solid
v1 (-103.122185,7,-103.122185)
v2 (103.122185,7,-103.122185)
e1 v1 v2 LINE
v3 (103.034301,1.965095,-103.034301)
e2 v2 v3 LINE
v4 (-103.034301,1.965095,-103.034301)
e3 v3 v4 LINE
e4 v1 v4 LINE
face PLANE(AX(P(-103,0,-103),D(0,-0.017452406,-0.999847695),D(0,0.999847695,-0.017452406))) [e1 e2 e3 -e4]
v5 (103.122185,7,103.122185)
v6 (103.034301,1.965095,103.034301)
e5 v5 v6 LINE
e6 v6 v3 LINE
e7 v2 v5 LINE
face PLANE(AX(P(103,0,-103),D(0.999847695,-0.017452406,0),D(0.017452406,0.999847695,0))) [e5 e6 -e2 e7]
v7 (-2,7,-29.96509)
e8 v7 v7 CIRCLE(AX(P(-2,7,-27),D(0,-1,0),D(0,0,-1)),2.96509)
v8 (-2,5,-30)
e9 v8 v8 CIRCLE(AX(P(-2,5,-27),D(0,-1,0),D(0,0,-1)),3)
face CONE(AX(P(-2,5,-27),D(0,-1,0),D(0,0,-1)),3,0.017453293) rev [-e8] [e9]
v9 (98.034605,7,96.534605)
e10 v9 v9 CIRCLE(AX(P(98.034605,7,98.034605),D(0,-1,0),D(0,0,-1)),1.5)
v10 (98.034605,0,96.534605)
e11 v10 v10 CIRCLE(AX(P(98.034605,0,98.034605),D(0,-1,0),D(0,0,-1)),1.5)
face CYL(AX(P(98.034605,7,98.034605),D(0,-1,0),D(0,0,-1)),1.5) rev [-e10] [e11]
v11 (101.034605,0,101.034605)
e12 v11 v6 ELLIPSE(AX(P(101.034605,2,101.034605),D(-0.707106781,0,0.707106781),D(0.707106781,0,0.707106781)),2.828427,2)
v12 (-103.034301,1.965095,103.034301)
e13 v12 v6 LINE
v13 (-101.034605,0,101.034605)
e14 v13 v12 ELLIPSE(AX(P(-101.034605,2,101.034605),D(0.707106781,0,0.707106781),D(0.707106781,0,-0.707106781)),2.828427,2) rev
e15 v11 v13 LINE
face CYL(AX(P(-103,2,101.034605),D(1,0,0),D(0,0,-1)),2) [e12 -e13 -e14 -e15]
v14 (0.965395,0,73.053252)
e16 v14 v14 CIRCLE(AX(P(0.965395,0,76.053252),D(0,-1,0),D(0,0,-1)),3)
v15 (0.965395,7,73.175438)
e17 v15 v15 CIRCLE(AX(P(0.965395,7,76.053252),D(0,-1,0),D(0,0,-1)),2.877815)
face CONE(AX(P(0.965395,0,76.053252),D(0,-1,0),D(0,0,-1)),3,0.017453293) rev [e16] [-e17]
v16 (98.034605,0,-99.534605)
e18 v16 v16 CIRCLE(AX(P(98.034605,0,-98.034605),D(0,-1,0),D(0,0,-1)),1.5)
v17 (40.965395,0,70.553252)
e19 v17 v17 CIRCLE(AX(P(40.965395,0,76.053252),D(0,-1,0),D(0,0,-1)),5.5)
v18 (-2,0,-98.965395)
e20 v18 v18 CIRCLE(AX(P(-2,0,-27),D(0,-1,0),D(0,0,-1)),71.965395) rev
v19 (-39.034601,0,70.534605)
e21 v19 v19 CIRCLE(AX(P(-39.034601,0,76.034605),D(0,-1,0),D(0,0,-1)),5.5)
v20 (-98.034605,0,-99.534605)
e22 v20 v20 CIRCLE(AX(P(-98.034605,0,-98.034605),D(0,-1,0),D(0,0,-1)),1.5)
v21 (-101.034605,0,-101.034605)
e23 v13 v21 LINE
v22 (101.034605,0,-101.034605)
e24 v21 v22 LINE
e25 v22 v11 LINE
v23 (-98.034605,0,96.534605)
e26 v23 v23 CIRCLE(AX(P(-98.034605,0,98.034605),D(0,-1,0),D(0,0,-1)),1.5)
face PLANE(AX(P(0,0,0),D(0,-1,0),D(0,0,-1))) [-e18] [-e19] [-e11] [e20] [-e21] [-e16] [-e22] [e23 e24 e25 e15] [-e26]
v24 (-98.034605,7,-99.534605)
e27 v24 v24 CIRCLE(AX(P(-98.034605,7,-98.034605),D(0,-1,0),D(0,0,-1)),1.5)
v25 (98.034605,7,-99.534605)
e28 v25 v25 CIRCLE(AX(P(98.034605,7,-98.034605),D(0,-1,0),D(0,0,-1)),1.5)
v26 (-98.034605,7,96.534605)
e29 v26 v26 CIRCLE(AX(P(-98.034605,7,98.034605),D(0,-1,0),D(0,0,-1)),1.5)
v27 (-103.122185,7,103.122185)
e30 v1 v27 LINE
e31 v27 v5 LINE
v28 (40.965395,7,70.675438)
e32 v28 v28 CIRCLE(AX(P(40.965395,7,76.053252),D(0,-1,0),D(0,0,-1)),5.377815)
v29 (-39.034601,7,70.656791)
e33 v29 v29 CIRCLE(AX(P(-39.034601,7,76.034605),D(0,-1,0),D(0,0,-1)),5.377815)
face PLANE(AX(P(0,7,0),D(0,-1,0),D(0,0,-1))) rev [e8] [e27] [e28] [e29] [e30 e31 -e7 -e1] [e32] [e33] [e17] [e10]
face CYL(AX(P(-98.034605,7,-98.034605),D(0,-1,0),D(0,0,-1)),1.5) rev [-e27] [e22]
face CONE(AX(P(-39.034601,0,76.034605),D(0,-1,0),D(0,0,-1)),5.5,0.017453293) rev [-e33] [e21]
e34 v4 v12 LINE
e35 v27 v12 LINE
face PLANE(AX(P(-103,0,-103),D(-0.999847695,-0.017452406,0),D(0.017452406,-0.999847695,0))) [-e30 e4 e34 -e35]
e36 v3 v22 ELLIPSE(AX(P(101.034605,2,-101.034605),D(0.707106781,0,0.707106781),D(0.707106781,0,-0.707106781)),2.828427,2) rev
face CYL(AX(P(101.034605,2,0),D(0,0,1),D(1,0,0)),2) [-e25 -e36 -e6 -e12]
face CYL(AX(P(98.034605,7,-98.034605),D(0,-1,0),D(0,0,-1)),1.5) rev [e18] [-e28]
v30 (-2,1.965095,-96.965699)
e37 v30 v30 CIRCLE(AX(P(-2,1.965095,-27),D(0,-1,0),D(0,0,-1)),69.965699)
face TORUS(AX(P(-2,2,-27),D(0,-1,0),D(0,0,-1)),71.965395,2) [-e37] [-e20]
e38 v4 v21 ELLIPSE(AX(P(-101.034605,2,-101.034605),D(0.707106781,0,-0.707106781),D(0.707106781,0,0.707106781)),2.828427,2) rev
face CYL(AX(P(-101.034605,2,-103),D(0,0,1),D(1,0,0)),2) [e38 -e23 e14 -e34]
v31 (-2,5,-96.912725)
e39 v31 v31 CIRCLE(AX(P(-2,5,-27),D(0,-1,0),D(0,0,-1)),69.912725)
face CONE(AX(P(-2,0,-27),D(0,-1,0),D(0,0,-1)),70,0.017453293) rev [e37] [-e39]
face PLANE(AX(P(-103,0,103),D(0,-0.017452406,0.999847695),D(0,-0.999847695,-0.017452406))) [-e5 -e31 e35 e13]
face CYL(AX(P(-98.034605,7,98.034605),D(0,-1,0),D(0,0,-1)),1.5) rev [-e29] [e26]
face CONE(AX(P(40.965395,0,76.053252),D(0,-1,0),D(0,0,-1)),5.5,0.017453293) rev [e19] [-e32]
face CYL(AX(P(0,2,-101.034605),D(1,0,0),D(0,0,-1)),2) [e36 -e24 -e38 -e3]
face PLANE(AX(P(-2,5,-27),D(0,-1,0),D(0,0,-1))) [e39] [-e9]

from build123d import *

# Parameters (mm, degrees)
SKETCH1_W                  = 206
SKETCH1_H                  = 206
MAINBOSS_DEPTH             = 7
MAINBOSS_DRAFT             = -1
SKETCH4_R                  = 70
TRAYCUT_DEPTH              = 5
TRAYCUT_DRAFT              = -1
SKETCH5_R                  = 3
TRAYHOLE_DEPTH             = 7
TRAYHOLE_DRAFT             = -1
MAINFILLET_R               = 2
SKETCH6_R                  = 3
SHAFTHOLES_DEPTH           = 7
SHAFTHOLES_DRAFT           = -1
SKETCH6_R_2                = 5.5
SHAFTHOLES_PROFILE_2_DEPTH = 7
SHAFTHOLES_PROFILE_2_DRAFT = -1
SHAFTHOLES_PROFILE_3_DEPTH = 7
SHAFTHOLES_PROFILE_3_DRAFT = -1
SKETCH7_R                  = 1.5
BACKLEFTHOLDER_DEPTH       = 7
SKETCH8_R                  = 1.5
BACKRIGHTHOLDER_DEPTH      = 7
SKETCH9_R                  = 1.5
FRONTRIGHTHOLDER_DEPTH     = 7
SKETCH10_R                 = 1.5
FRONTLEFTHOLDER_DEPTH      = 7


with BuildPart() as part:
    # Sketch1 → MainBoss (with draft: the straight prism first)
    with BuildSketch(Plane(origin=(0, 0, 0), x_dir=(1, 0, 0), z_dir=(0, 1, 0))):
        Rectangle(SKETCH1_W, SKETCH1_H)
    extrude(amount=MAINBOSS_DEPTH)
    # MainBoss: the draft: its side faces are tilted about the plane it starts from
    mainboss_sides = [part.faces().sort_by_distance(p)[0] for p in [
        (-103, 3.5, 0),
        (0, 3.5, 103),
        (103, 3.5, 0),
        (0, 3.5, -103),
    ]]
    draft(mainboss_sides, Plane(origin=(0, 0, 0), x_dir=(1, 0, 0), z_dir=(0, 1, 0)), MAINBOSS_DRAFT)


with BuildPart() as traycut_tool:
    # Sketch4 → TrayCut (with draft: the straight prism first)
    with BuildSketch(Plane(origin=(0, 0, 0), x_dir=(-1, 0, 0), z_dir=(0, -1, 0))):
        with Locations((2, 27)):
            Circle(SKETCH4_R)
    extrude(amount=-TRAYCUT_DEPTH)
    # TrayCut: the draft: its side faces are tilted about the plane it starts from
    traycut_sides = [traycut_tool.faces().sort_by_distance(p)[0] for p in [
        (68, 2.5, -27),
    ]]
    draft(traycut_sides, Plane(origin=(0, 0, 0), x_dir=(-1, 0, 0), z_dir=(0, -1, 0)), TRAYCUT_DRAFT)


with BuildPart() as part_1:
    add(part.part)

    # TrayCut: cut by traycut_tool
    add(traycut_tool.part, mode=Mode.SUBTRACT)


with BuildPart() as trayhole_tool:
    # Sketch5 → TrayHole (with draft: the straight prism first)
    with BuildSketch(Plane.XZ.offset(-5)):
        with Locations((-2, -27)):
            Circle(SKETCH5_R)
    extrude(amount=-TRAYHOLE_DEPTH)
    # TrayHole: the draft: its side faces are tilted about the plane it starts from
    trayhole_sides = [trayhole_tool.faces().sort_by_distance(p)[0] for p in [
        (-5, 8.5, -27),
    ]]
    draft(trayhole_sides, Plane.XZ.offset(-5), TRAYHOLE_DRAFT)


with BuildPart() as part_2:
    add(part_1.part)

    # TrayHole: cut by trayhole_tool
    add(trayhole_tool.part, mode=Mode.SUBTRACT)

    # MainFillet
    mainfillet_edges = [part_2.edges().sort_by_distance(p)[0] for p in [
        (68, 0, -27),
        (-103, 0, 0),
        (0, 0, 103),
        (103, 0, 0),
        (0, 0, -103),
    ]]
    fillet(mainfillet_edges, radius=MAINFILLET_R)


with BuildPart() as shaftholes_tool:
    # Sketch6 → ShaftHoles (with draft: the straight prism first)
    with BuildSketch(Plane.XZ):
        with Locations((0.965394526, 76.05325216)):
            Circle(SKETCH6_R)
    extrude(amount=-SHAFTHOLES_DEPTH)
    # ShaftHoles: the draft: its side faces are tilted about the plane it starts from
    shaftholes_sides = [shaftholes_tool.faces().sort_by_distance(p)[0] for p in [
        (-2.034605474, 3.5, 76.05325216),
    ]]
    draft(shaftholes_sides, Plane.XZ, SHAFTHOLES_DRAFT)


with BuildPart() as part_3:
    add(part_2.part)

    # ShaftHoles: cut by shaftholes_tool
    add(shaftholes_tool.part, mode=Mode.SUBTRACT)


with BuildPart() as shaftholes_profile_2_tool:
    # Sketch6 → ShaftHoles profile 2 (with draft: the straight prism first)
    with BuildSketch(Plane.XZ):
        with Locations((-39.034601128, 76.034605474)):
            Circle(SKETCH6_R_2)
    extrude(amount=-SHAFTHOLES_PROFILE_2_DEPTH)
    # ShaftHoles profile 2: the draft: its side faces are tilted about the plane it starts from
    shaftholes_profile_2_sides = [shaftholes_profile_2_tool.faces().sort_by_distance(p)[0] for p in [
        (-44.534601128, 3.5, 76.034605474),
    ]]
    draft(shaftholes_profile_2_sides, Plane.XZ, SHAFTHOLES_PROFILE_2_DRAFT)


with BuildPart() as part_4:
    add(part_3.part)

    # ShaftHoles profile 2: cut by shaftholes_profile_2_tool
    add(shaftholes_profile_2_tool.part, mode=Mode.SUBTRACT)


with BuildPart() as shaftholes_profile_3_tool:
    # Sketch6 → ShaftHoles profile 3 (with draft: the straight prism first)
    with BuildSketch(Plane.XZ):
        with Locations((40.965394526, 76.05325216)):
            Circle(SKETCH6_R_2)
    extrude(amount=-SHAFTHOLES_PROFILE_3_DEPTH)
    # ShaftHoles profile 3: the draft: its side faces are tilted about the plane it starts from
    shaftholes_profile_3_sides = [shaftholes_profile_3_tool.faces().sort_by_distance(p)[0] for p in [
        (35.465394526, 3.5, 76.05325216),
    ]]
    draft(shaftholes_profile_3_sides, Plane.XZ, SHAFTHOLES_PROFILE_3_DRAFT)


with BuildPart() as part_5:
    add(part_4.part)

    # ShaftHoles profile 3: cut by shaftholes_profile_3_tool
    add(shaftholes_profile_3_tool.part, mode=Mode.SUBTRACT)

    # Sketch7 → BackLeftHolder (cut)
    with BuildSketch(Plane(origin=(0, 0, 0), x_dir=(-1, 0, 0), z_dir=(0, -1, 0))):
        with Locations(Location((98.034605474, -98.034605474, 0), (0, 0, 90))):
            Circle(SKETCH7_R)
    extrude(amount=-BACKLEFTHOLDER_DEPTH, mode=Mode.SUBTRACT)

    # Sketch8 → BackRightHolder (cut)
    with BuildSketch(Plane(origin=(0, 0, 0), x_dir=(-1, 0, 0), z_dir=(0, -1, 0))):
        with Locations(Location((-98.034605474, -98.034605474, 0), (0, 0, 90))):
            Circle(SKETCH8_R)
    extrude(amount=-BACKRIGHTHOLDER_DEPTH, mode=Mode.SUBTRACT)

    # Sketch9 → FrontRightHolder (cut)
    with BuildSketch(Plane(origin=(0, 0, 0), x_dir=(-1, 0, 0), z_dir=(0, -1, 0))):
        with Locations(Location((-98.034605474, 98.034605474, 0), (0, 0, 90))):
            Circle(SKETCH9_R)
    extrude(amount=-FRONTRIGHTHOLDER_DEPTH, mode=Mode.SUBTRACT)

    # Sketch10 → FrontLeftHolder (cut)
    with BuildSketch(Plane(origin=(0, 0, 0), x_dir=(-1, 0, 0), z_dir=(0, -1, 0))):
        with Locations(Location((98.034605474, 98.034605474, 0), (0, 0, 90))):
            Circle(SKETCH10_R)
    extrude(amount=-FRONTLEFTHOLDER_DEPTH, mode=Mode.SUBTRACT)


solid = part_5.part
